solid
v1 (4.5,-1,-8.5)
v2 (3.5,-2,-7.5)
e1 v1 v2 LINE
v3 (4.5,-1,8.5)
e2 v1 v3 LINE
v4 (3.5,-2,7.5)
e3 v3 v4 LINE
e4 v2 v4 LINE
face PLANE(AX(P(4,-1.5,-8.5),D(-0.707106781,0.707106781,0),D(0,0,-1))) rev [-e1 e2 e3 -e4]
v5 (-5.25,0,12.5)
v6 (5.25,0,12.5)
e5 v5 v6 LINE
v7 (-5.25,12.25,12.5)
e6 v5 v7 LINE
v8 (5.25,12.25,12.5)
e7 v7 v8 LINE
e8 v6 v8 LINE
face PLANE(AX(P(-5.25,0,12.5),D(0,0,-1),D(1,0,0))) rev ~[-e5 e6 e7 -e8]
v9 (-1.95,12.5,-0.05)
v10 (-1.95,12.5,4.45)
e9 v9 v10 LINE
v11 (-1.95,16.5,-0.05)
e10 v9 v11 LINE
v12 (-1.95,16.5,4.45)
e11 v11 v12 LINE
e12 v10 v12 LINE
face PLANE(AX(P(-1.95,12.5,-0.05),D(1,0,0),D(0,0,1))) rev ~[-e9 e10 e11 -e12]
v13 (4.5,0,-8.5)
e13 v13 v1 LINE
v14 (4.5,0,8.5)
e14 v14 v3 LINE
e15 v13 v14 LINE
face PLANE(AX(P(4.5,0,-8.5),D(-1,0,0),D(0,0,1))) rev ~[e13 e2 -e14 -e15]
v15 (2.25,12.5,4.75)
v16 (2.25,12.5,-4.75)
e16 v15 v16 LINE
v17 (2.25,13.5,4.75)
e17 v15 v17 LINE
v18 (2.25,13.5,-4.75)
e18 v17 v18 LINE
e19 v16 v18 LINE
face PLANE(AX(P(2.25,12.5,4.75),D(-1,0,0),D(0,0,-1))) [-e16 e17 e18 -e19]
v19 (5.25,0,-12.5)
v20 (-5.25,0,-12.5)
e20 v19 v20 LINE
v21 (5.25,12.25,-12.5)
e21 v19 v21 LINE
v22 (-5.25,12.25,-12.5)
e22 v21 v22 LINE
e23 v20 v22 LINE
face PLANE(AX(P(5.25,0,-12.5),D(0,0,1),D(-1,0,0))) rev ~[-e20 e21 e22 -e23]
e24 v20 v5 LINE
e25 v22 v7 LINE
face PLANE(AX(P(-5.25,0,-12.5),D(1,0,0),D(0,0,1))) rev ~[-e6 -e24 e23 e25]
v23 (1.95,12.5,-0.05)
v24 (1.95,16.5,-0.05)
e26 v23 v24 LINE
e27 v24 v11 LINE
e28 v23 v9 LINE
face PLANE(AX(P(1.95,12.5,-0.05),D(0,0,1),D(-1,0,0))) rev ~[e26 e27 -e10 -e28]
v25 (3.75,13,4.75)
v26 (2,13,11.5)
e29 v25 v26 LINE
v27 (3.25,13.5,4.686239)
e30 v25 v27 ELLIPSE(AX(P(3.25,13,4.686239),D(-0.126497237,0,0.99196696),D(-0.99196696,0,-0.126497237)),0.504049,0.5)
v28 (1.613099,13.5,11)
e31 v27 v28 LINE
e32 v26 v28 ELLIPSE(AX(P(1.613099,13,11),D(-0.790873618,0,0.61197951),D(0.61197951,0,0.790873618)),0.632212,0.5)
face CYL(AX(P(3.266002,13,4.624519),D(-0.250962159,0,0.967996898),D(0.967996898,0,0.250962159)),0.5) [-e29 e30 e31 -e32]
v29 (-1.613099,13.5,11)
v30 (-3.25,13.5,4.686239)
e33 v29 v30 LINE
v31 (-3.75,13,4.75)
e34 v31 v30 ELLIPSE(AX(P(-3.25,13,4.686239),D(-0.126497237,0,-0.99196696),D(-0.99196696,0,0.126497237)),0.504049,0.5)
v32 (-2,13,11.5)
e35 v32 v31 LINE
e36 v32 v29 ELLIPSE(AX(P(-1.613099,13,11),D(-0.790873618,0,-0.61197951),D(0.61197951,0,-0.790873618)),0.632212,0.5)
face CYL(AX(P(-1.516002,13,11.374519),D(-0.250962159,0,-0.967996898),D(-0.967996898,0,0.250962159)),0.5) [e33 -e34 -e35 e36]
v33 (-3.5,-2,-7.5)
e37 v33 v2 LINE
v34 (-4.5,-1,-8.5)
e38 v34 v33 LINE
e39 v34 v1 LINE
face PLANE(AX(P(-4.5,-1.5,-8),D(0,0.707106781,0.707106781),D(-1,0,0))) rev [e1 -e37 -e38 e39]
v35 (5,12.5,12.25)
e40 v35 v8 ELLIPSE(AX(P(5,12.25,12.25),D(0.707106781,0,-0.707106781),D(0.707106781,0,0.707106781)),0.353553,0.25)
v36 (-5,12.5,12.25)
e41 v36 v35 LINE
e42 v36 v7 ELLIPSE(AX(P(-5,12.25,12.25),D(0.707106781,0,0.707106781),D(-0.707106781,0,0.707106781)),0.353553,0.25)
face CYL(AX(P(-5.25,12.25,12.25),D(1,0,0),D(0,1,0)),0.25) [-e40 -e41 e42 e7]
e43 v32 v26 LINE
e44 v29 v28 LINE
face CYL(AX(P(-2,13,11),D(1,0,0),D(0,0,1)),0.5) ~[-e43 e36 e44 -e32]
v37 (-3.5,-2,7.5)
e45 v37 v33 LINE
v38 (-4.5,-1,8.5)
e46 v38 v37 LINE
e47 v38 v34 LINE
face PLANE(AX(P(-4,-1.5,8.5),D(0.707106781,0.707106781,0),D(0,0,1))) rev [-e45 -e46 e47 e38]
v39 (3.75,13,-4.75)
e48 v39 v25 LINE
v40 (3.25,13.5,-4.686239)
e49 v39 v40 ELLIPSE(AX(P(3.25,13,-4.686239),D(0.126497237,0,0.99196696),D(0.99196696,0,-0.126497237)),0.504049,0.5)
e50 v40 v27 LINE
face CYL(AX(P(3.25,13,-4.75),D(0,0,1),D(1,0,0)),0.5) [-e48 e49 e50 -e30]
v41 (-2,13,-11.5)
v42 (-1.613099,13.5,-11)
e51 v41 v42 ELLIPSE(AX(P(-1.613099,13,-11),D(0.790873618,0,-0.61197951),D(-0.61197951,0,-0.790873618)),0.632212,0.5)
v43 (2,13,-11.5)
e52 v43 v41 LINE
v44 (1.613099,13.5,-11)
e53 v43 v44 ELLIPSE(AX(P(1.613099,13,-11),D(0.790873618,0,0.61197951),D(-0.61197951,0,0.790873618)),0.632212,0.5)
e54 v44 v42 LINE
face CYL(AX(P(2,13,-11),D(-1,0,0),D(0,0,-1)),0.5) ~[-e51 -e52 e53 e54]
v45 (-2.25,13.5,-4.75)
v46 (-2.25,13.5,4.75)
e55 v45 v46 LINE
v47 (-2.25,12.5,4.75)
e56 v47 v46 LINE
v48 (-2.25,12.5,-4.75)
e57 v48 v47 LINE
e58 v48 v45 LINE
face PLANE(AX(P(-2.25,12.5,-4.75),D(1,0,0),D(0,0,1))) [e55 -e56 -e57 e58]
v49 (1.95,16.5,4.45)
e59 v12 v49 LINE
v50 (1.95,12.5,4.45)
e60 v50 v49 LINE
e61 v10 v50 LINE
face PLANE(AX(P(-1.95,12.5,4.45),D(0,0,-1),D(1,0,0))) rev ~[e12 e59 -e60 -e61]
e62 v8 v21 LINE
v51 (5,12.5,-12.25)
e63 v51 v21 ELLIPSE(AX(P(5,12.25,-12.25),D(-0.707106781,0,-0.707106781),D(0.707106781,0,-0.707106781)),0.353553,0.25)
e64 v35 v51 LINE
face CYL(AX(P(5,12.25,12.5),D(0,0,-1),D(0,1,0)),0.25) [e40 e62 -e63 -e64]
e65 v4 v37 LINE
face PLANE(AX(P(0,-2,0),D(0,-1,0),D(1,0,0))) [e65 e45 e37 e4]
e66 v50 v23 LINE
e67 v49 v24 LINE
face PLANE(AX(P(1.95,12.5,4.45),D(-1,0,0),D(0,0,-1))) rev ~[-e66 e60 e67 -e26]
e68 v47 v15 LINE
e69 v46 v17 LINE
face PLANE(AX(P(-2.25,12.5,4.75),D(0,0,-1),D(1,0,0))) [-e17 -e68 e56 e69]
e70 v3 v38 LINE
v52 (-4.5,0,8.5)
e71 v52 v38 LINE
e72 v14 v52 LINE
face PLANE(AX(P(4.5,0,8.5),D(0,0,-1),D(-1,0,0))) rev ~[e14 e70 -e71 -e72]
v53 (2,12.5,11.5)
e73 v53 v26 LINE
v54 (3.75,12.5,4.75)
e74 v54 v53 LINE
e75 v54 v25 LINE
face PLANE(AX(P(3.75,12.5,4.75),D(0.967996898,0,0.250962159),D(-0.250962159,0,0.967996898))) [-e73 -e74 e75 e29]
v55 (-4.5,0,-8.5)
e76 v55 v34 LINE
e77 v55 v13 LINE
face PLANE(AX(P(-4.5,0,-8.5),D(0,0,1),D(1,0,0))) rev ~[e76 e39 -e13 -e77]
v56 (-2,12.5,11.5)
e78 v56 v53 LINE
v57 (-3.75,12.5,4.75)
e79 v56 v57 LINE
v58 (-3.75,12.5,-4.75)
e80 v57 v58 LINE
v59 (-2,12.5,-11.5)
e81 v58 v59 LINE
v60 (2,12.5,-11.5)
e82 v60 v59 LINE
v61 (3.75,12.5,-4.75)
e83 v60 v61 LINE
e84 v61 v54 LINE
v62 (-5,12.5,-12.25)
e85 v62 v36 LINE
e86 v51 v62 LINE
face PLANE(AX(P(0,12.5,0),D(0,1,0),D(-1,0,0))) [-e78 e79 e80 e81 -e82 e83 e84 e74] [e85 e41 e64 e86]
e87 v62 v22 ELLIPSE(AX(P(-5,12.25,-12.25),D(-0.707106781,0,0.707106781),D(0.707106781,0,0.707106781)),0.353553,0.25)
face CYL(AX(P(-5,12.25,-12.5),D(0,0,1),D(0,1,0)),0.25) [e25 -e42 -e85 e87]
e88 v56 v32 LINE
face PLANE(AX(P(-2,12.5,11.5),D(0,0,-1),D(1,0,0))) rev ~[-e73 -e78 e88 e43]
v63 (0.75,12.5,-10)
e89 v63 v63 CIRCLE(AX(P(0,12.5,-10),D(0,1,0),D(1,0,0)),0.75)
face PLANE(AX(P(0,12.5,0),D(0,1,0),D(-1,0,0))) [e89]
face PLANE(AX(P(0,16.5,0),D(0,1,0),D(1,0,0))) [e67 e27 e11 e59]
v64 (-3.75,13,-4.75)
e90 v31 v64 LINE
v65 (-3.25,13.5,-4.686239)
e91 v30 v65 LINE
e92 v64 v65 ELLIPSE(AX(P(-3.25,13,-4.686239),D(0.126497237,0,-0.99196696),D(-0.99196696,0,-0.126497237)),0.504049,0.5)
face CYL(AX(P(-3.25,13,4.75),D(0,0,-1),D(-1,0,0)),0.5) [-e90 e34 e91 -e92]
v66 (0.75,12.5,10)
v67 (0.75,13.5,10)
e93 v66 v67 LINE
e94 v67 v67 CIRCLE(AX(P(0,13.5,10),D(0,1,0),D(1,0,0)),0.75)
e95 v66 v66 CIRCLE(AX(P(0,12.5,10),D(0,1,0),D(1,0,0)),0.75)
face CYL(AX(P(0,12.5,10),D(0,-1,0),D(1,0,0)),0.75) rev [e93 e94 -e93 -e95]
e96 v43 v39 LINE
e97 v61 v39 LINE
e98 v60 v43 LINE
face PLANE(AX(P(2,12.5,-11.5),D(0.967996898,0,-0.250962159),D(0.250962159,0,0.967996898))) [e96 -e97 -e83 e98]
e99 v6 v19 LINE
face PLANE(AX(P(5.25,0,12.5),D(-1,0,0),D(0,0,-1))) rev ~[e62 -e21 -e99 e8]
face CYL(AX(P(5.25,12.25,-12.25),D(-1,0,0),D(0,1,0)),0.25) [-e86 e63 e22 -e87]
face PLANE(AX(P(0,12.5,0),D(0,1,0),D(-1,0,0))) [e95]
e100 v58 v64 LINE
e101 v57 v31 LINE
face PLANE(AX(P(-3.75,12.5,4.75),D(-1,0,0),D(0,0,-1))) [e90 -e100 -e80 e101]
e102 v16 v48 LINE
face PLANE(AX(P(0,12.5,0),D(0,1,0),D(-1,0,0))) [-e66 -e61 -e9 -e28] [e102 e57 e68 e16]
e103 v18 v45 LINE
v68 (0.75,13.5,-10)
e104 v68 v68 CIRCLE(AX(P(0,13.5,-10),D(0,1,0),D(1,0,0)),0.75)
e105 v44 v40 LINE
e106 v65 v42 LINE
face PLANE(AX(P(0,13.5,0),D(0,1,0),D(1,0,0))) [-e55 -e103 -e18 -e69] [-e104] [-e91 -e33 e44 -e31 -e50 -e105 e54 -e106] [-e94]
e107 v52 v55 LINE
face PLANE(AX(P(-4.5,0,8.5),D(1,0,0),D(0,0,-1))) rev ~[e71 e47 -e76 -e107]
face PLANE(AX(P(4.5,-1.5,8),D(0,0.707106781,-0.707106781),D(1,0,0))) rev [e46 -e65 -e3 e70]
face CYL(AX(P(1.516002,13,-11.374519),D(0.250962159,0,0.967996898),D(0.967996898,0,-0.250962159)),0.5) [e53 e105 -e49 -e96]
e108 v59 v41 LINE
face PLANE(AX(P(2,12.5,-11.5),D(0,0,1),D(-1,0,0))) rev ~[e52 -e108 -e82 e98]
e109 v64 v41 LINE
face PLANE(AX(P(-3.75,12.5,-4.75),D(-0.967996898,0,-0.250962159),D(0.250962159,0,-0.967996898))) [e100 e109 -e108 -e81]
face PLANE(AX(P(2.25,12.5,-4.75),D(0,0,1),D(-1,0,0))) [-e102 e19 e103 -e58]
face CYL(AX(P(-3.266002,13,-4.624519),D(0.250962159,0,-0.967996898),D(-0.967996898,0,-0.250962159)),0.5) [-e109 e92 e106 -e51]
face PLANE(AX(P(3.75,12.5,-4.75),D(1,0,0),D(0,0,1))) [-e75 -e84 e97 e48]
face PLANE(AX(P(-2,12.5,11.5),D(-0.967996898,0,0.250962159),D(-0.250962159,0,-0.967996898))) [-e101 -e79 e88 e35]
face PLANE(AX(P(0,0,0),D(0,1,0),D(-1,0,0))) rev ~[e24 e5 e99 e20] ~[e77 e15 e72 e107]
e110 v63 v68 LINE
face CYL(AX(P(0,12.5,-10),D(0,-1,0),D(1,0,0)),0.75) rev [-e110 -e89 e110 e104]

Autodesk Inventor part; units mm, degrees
ref_plane "YZ Plane" through (0, 0, 0) normal (1, 0, 0) x (0, 1, 0)
ref_plane "XZ Plane" through (0, 0, 0) normal (0, 1, 0) x (-1, 0, 0)
ref_plane "XY Plane" through (0, 0, 0) normal (0, 0, 1) x (1, 0, 0)
sketch "Sketch1" plane through (0, 0, 0) normal (0, 1, 0) x (-1, 0, 0)
  point P0 (0, 0)
sketch "Sketch2" plane through (0, 0, 0) normal (0, 1, 0) x (-1, 0, 0)
  line L0 (5.25, 12.5) -> (-5.25, 12.5)
  line L1 (-5.25, 12.5) -> (-5.25, -12.5)
  line L2 (-5.25, -12.5) -> (5.25, -12.5)
  line L3 (5.25, -12.5) -> (5.25, 12.5)
  point P0 (0, 0)
  dimension "d0" = 10.5
  dimension "d1" = 25
  dimension "d2" = 12.5
  dimension "d3" = 5.25
extrude "Extrusion1" add sketch "Sketch2" along normal blind 12.5
sketch "Sketch3" plane through (0, 12.5, 0) normal (0, 1, 0) x (1, 0, 0)
  line L0 (-2.25, -4.75) -> (2.25, -4.75)
  line L1 (2.25, -4.75) -> (2.25, 4.75)
  line L2 (2.25, 4.75) -> (-2.25, 4.75)
  line L3 (-2.25, 4.75) -> (-2.25, -4.75)
  line L4 (-2.25, -4.75) -> (-3.75, -4.75)
  line L5 (-3.75, -4.75) -> (-3.75, 4.75)
  line L6 (-3.75, 4.75) -> (-2.25, 4.75)
  line L7 (-2.25, 4.75) -> (-2.25, -4.75)
  line L8 (2.25, 4.75) -> (3.75, 4.75)
  line L9 (3.75, 4.75) -> (3.75, -4.75)
  line L10 (3.75, -4.75) -> (2.25, -4.75)
  line L11 (2.25, -4.75) -> (2.25, 4.75)
  circle A0 centre (0, -10) radius 0.75
  circle A1 centre (0, 10) radius 0.75
  line L12 (-5.25, -12.5) -> (5.25, -12.5) projected
  line L13 (5.25, 12.5) -> (-5.25, 12.5) projected
  line L14 (-2, -11.5) -> (2, -11.5)
  line L15 (2, -11.5) -> (2, -8.5)
  line L16 (2, -8.5) -> (-2, -8.5)
  line L17 (-2, -8.5) -> (-2, -11.5)
  line L18 (-2, 8.5) -> (2, 8.5)
  line L19 (2, 8.5) -> (2, 11.5)
  line L20 (2, 11.5) -> (-2, 11.5)
  line L21 (-2, 11.5) -> (-2, 8.5)
  line L22 (-2, -11.5) -> (-3.75, -4.75)
  line L23 (-3.75, 4.75) -> (-2, 11.5)
  line L24 (2, 11.5) -> (3.75, 4.75)
  line L25 (3.75, -4.75) -> (2, -11.5)
  point P0 (0, 0)
  dimension "d6" = 4.5
  dimension "d7" = 9.5
  dimension "d8" = 4.75
  dimension "d9" = 2.25
  dimension "d10" = 1.5
  dimension "d11" = 1.5
  dimension "d12" = 1.5
  dimension "d13" = 1.5
  dimension "d14" = 2.5
  dimension "d15" = 2.5
  dimension "d16" = 4
  dimension "d17" = 3
  dimension "d18" = 4
  dimension "d19" = 3
  dimension "d20" = 1.5
  dimension "d21" = 2
  dimension "d22" = 2
  dimension "d23" = 1.5
extrude "Extrusion2" add sketch "Sketch3" along normal blind 1 contours L4 L5 L6 L3 | L0 L10 L25 L15 L16 L17 L22 L4 | L1 L8 L9 L10 | L6 L23 L21 L18 L19 L24 L8 L2 | L17 L16 L15 L14 | L20 L19 L18 L21
sketch "Sketch4" plane through (0, 12.5, 0) normal (0, 1, 0) x (1, 0, 0)
  line L0 (-1.95, -4.45) -> (1.95, -4.45)
  line L1 (1.95, -4.45) -> (1.95, 0.05)
  line L2 (1.95, 0.05) -> (-1.95, 0.05)
  line L3 (-1.95, 0.05) -> (-1.95, -4.45)
  line L4 (2.25, -4.75) -> (-2.25, -4.75) projected
  line L5 (-2.25, -4.75) -> (-2.25, 4.75) projected
  line L6 (2.25, 4.75) -> (2.25, -4.75) projected
  point P0 (0, 0)
  dimension "d26" = 0.3
  dimension "d27" = 0.3
  dimension "d28" = 0.3
  dimension "d29" = 4.5
extrude "Extrusion3" add sketch "Sketch4" along normal blind 4
sketch "Sketch5" plane through (0, 0, 0) normal (0, -1, 0) x (1, 0, 0)
  line L0 (4.5, 8.5) -> (-4.5, 8.5)
  line L1 (-4.5, 8.5) -> (-4.5, -8.5)
  line L2 (-4.5, -8.5) -> (4.5, -8.5)
  line L3 (4.5, -8.5) -> (4.5, 8.5)
  point P0 (0, 0)
  dimension "d32" = 9
  dimension "d33" = 17
  dimension "d34" = 8.5
  dimension "d35" = 4.5
extrude "Extrusion4" add sketch "Sketch5" along normal blind 2
chamfer "Chamfer1" distance 1 angle 45 4 edges at (0, -2, 8.5) (4.5, -2, 0) (0, -2, -8.5) (-4.5, -2, 0)
fillet "Fillet1" radius 0.5 8 edges at (0, 13.5, 11.5) (-2.875, 13.5, 8.125) (2.875, 13.5, 8.125) (-3.75, 13.5, 0) (-2.875, 13.5, -8.125) (0, 13.5, -11.5) (2.875, 13.5, -8.125) (3.75, 13.5, 0)
fillet "Fillet2" radius 0.25 4 edges at (-5.25, 12.5, 0) (0, 12.5, 12.5) (5.25, 12.5, 0) (0, 12.5, -12.5)
equation "\"d2\" = 0.5 * d1"
equation "\"d3\" = 0.5 * d0"
equation "\"d8\" = 0.5 * d7"
equation "\"d9\" = 0.5 * d6"
equation "\"d20\" = 0.5 * d17"
equation "\"d21\" = 0.5 * d16"
equation "\"d22\" = 0.5 * d18"
equation "\"d23\" = 0.5 * d19"
equation "\"d34\" = 0.5 * d33"
equation "\"d35\" = 0.5 * d32"
properties part number "switch"
